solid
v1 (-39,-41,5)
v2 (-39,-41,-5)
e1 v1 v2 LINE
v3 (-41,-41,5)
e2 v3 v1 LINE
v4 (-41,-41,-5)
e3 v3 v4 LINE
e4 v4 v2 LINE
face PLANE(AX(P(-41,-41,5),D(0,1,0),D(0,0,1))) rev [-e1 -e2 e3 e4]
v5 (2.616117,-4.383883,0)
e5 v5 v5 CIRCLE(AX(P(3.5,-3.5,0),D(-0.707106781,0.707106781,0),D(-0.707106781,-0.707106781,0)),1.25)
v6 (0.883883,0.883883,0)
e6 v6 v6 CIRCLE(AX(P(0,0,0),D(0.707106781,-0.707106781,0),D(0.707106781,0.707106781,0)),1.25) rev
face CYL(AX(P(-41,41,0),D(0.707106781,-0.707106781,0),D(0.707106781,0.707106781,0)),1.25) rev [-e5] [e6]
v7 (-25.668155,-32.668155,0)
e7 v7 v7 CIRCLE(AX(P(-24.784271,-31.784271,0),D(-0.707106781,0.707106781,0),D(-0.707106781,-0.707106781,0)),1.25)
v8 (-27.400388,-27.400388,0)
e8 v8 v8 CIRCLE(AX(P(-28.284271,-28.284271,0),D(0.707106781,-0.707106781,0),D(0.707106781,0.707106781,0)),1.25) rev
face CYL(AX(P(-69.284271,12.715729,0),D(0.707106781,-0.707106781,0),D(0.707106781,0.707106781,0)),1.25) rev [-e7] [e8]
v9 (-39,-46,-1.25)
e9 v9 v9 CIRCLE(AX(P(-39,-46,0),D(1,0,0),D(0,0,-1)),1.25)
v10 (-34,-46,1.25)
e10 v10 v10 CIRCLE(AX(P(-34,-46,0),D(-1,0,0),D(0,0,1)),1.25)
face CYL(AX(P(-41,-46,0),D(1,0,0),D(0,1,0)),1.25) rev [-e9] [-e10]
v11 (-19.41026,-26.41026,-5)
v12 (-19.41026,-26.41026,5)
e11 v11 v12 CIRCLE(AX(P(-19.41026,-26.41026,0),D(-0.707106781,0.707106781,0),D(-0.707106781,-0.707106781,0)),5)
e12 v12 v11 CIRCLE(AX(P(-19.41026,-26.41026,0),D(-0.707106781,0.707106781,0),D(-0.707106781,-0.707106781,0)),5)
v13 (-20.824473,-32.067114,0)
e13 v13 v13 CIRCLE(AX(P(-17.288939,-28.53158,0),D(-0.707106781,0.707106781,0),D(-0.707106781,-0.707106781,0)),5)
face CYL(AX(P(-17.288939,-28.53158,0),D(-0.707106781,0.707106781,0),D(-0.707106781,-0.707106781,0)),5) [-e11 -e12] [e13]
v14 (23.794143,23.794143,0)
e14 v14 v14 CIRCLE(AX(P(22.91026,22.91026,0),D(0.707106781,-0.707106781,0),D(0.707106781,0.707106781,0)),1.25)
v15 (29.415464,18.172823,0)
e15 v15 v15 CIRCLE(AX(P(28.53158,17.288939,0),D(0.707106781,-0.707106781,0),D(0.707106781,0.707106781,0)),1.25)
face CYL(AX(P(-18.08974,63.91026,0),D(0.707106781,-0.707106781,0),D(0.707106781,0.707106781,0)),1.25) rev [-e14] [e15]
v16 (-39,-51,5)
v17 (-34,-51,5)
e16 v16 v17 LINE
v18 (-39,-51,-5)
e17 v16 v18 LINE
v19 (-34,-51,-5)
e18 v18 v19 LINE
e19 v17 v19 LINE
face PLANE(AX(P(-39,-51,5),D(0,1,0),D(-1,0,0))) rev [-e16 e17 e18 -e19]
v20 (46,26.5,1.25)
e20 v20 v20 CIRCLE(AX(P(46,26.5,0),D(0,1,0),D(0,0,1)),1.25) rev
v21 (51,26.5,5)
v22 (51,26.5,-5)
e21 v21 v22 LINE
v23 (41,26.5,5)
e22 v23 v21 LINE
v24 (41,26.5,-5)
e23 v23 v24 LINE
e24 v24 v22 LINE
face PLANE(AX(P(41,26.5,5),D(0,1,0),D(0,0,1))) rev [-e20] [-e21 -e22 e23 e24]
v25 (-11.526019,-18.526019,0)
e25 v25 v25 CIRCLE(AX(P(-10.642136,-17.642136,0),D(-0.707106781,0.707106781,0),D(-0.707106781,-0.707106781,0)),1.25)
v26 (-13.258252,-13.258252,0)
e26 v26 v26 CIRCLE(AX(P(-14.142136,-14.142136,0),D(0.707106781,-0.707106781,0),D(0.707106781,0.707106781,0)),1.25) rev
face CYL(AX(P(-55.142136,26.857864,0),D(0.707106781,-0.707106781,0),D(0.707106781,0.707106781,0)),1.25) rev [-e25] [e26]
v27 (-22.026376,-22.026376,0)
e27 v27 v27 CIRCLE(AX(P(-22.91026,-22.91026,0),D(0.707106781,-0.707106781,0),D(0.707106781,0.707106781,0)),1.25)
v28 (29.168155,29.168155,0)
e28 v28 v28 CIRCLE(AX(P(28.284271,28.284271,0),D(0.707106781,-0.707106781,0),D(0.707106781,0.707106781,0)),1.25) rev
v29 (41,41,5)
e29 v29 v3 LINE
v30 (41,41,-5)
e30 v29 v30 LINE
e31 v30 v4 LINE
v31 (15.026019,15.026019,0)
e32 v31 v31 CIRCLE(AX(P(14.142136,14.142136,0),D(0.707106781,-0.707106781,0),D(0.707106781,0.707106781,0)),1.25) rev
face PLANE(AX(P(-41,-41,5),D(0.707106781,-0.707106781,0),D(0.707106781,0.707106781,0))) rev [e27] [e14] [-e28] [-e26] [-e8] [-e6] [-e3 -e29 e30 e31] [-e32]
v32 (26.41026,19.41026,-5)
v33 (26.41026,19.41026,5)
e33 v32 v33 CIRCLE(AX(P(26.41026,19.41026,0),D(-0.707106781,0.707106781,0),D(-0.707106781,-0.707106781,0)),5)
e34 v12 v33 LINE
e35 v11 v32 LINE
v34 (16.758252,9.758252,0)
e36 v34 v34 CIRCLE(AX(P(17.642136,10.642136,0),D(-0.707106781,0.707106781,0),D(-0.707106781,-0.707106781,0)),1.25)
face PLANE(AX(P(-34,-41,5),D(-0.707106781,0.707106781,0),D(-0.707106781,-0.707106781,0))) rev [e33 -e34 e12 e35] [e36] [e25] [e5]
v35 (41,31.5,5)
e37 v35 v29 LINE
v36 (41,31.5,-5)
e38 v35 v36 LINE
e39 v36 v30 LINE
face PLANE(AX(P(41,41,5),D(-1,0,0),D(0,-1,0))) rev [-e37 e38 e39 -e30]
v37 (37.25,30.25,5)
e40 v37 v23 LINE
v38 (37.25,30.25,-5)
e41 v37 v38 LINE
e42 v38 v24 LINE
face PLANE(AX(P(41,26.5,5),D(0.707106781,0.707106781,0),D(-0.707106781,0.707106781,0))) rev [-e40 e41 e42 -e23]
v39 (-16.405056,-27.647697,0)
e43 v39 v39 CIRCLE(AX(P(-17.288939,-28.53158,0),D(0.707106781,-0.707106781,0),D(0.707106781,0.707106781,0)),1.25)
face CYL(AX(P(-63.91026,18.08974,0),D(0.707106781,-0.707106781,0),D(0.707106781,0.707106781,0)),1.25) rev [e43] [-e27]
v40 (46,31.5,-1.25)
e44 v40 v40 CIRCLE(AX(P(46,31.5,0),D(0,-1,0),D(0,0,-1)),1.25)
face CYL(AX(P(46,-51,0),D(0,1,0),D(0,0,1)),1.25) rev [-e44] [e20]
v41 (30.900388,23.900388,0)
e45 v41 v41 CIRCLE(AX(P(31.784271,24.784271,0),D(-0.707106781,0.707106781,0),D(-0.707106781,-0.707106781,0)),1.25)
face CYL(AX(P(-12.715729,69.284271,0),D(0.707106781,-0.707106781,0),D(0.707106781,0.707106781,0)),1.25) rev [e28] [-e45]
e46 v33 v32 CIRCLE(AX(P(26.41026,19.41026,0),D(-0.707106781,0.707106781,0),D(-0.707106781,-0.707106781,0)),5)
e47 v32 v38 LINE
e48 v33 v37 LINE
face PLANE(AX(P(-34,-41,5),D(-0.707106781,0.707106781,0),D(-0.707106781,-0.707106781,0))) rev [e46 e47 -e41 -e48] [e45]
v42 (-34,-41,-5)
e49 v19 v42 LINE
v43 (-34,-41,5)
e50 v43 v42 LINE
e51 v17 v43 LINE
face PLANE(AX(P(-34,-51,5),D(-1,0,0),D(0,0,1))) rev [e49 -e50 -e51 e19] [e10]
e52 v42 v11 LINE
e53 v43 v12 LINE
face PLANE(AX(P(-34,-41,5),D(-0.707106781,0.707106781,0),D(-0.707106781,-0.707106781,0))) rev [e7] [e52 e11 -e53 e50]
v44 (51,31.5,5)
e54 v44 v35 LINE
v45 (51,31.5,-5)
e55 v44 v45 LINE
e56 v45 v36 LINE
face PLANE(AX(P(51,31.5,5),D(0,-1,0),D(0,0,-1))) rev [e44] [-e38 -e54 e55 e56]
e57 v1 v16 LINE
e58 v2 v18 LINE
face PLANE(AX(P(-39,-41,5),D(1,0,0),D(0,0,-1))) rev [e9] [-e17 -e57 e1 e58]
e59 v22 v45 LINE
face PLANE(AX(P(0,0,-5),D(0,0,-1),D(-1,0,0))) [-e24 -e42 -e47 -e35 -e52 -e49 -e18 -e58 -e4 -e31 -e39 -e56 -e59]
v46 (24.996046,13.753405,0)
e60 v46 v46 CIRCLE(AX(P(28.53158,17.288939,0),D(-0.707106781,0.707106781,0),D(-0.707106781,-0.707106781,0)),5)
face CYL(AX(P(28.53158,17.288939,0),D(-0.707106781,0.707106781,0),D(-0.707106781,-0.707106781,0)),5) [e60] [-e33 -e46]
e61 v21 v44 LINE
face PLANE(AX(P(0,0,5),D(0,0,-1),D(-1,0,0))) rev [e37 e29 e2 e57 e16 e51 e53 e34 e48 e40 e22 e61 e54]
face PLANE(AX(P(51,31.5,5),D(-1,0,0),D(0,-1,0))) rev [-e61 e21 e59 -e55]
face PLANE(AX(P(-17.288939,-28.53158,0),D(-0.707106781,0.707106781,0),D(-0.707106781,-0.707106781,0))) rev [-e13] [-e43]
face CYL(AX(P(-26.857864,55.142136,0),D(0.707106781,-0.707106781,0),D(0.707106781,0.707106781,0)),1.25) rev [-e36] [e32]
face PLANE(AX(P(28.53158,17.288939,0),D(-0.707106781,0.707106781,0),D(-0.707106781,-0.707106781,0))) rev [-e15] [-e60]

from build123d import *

# Parameters (mm, degrees)
MAIN_DEPTH         = 5
SKETCH2_R          = 1.25
FIXHOLE1_DEPTH     = 83
SKETCH3_R          = 1.25
FIXHOLE2_DEPTH     = 83.5
SKETCH7_R          = 5
BOARDSUPPORT_DEPTH = 3
SKETCH8_R          = 1.25
HOLEFIX_DEPTH      = 66.932503526
SKETCH6_R          = 1.25
CUT_EXTRUDE2_DEPTH = 63.932503526
LPATTERN1_COUNT    = 5
LPATTERN1_PITCH    = 20


with BuildPart() as part:
    # Sketch1 → Main (new body, symmetric)
    with BuildSketch(Plane.XY):
        Polygon((-41, -41), (41, 41), (41, 31.5), (51, 31.5), (51, 26.5), (41, 26.5), (37.25, 30.25), (-34, -41), (-34, -51), (-39, -51), (-39, -41), align=None)
    extrude(amount=MAIN_DEPTH, both=True)

    # Sketch2 → FixHole1 (cut, through all)
    with BuildSketch(Plane(origin=(41, 0, 0), x_dir=(0, 0, -1), z_dir=(1, 0, 0))):
        with Locations((0, -46)):
            Circle(SKETCH2_R)
    extrude(amount=-FIXHOLE1_DEPTH, mode=Mode.SUBTRACT)

    # Sketch3 → FixHole2 (cut, through all)
    with BuildSketch(Plane(origin=(0, 31.5, 0), x_dir=(-1, 0, 0), z_dir=(0, -1, 0))):
        with Locations((-46, 0)):
            Circle(SKETCH3_R)
    extrude(amount=FIXHOLE2_DEPTH, mode=Mode.SUBTRACT)

    # Sketch7 → BoardSupport (add)
    with BuildSketch(Plane(origin=(3.5, -3.5, 0), x_dir=(0, 0, 1), z_dir=(-0.707106781, 0.707106781, 0))):
        with Locations((0, -32.4)):
            Circle(SKETCH7_R)
        with Locations((0, 32.4)):
            Circle(SKETCH7_R)
    extrude(amount=-BOARDSUPPORT_DEPTH)

    # Sketch8 → HoleFix (cut, through all)
    with BuildSketch(Plane(origin=(5.621320344, -5.621320344, 0), x_dir=(0, 0, -1), z_dir=(0.707106781, -0.707106781, 0))):
        with Locations((0, 32.4)):
            Circle(SKETCH8_R)
        with Locations((0, -32.4)):
            Circle(SKETCH8_R)
    extrude(amount=-HOLEFIX_DEPTH, mode=Mode.SUBTRACT)

    # Sketch6 → Cut-Extrude2 (cut, through all)
    with BuildSketch(Plane(origin=(3.5, -3.5, 0), x_dir=(0, 0, 1), z_dir=(-0.707106781, 0.707106781, 0))):
        with Locations((0, 40)):
            Circle(SKETCH6_R)
    cut_extrude2 = extrude(amount=CUT_EXTRUDE2_DEPTH, mode=Mode.SUBTRACT)

    # LPattern1: Cut-Extrude2 ×5
    with Locations(*[Vector(-0.707106781, -0.707106781, 0) * (i * LPATTERN1_PITCH) for i in range(1, LPATTERN1_COUNT)]):
        add(cut_extrude2, mode=Mode.SUBTRACT)


solid = part.part
